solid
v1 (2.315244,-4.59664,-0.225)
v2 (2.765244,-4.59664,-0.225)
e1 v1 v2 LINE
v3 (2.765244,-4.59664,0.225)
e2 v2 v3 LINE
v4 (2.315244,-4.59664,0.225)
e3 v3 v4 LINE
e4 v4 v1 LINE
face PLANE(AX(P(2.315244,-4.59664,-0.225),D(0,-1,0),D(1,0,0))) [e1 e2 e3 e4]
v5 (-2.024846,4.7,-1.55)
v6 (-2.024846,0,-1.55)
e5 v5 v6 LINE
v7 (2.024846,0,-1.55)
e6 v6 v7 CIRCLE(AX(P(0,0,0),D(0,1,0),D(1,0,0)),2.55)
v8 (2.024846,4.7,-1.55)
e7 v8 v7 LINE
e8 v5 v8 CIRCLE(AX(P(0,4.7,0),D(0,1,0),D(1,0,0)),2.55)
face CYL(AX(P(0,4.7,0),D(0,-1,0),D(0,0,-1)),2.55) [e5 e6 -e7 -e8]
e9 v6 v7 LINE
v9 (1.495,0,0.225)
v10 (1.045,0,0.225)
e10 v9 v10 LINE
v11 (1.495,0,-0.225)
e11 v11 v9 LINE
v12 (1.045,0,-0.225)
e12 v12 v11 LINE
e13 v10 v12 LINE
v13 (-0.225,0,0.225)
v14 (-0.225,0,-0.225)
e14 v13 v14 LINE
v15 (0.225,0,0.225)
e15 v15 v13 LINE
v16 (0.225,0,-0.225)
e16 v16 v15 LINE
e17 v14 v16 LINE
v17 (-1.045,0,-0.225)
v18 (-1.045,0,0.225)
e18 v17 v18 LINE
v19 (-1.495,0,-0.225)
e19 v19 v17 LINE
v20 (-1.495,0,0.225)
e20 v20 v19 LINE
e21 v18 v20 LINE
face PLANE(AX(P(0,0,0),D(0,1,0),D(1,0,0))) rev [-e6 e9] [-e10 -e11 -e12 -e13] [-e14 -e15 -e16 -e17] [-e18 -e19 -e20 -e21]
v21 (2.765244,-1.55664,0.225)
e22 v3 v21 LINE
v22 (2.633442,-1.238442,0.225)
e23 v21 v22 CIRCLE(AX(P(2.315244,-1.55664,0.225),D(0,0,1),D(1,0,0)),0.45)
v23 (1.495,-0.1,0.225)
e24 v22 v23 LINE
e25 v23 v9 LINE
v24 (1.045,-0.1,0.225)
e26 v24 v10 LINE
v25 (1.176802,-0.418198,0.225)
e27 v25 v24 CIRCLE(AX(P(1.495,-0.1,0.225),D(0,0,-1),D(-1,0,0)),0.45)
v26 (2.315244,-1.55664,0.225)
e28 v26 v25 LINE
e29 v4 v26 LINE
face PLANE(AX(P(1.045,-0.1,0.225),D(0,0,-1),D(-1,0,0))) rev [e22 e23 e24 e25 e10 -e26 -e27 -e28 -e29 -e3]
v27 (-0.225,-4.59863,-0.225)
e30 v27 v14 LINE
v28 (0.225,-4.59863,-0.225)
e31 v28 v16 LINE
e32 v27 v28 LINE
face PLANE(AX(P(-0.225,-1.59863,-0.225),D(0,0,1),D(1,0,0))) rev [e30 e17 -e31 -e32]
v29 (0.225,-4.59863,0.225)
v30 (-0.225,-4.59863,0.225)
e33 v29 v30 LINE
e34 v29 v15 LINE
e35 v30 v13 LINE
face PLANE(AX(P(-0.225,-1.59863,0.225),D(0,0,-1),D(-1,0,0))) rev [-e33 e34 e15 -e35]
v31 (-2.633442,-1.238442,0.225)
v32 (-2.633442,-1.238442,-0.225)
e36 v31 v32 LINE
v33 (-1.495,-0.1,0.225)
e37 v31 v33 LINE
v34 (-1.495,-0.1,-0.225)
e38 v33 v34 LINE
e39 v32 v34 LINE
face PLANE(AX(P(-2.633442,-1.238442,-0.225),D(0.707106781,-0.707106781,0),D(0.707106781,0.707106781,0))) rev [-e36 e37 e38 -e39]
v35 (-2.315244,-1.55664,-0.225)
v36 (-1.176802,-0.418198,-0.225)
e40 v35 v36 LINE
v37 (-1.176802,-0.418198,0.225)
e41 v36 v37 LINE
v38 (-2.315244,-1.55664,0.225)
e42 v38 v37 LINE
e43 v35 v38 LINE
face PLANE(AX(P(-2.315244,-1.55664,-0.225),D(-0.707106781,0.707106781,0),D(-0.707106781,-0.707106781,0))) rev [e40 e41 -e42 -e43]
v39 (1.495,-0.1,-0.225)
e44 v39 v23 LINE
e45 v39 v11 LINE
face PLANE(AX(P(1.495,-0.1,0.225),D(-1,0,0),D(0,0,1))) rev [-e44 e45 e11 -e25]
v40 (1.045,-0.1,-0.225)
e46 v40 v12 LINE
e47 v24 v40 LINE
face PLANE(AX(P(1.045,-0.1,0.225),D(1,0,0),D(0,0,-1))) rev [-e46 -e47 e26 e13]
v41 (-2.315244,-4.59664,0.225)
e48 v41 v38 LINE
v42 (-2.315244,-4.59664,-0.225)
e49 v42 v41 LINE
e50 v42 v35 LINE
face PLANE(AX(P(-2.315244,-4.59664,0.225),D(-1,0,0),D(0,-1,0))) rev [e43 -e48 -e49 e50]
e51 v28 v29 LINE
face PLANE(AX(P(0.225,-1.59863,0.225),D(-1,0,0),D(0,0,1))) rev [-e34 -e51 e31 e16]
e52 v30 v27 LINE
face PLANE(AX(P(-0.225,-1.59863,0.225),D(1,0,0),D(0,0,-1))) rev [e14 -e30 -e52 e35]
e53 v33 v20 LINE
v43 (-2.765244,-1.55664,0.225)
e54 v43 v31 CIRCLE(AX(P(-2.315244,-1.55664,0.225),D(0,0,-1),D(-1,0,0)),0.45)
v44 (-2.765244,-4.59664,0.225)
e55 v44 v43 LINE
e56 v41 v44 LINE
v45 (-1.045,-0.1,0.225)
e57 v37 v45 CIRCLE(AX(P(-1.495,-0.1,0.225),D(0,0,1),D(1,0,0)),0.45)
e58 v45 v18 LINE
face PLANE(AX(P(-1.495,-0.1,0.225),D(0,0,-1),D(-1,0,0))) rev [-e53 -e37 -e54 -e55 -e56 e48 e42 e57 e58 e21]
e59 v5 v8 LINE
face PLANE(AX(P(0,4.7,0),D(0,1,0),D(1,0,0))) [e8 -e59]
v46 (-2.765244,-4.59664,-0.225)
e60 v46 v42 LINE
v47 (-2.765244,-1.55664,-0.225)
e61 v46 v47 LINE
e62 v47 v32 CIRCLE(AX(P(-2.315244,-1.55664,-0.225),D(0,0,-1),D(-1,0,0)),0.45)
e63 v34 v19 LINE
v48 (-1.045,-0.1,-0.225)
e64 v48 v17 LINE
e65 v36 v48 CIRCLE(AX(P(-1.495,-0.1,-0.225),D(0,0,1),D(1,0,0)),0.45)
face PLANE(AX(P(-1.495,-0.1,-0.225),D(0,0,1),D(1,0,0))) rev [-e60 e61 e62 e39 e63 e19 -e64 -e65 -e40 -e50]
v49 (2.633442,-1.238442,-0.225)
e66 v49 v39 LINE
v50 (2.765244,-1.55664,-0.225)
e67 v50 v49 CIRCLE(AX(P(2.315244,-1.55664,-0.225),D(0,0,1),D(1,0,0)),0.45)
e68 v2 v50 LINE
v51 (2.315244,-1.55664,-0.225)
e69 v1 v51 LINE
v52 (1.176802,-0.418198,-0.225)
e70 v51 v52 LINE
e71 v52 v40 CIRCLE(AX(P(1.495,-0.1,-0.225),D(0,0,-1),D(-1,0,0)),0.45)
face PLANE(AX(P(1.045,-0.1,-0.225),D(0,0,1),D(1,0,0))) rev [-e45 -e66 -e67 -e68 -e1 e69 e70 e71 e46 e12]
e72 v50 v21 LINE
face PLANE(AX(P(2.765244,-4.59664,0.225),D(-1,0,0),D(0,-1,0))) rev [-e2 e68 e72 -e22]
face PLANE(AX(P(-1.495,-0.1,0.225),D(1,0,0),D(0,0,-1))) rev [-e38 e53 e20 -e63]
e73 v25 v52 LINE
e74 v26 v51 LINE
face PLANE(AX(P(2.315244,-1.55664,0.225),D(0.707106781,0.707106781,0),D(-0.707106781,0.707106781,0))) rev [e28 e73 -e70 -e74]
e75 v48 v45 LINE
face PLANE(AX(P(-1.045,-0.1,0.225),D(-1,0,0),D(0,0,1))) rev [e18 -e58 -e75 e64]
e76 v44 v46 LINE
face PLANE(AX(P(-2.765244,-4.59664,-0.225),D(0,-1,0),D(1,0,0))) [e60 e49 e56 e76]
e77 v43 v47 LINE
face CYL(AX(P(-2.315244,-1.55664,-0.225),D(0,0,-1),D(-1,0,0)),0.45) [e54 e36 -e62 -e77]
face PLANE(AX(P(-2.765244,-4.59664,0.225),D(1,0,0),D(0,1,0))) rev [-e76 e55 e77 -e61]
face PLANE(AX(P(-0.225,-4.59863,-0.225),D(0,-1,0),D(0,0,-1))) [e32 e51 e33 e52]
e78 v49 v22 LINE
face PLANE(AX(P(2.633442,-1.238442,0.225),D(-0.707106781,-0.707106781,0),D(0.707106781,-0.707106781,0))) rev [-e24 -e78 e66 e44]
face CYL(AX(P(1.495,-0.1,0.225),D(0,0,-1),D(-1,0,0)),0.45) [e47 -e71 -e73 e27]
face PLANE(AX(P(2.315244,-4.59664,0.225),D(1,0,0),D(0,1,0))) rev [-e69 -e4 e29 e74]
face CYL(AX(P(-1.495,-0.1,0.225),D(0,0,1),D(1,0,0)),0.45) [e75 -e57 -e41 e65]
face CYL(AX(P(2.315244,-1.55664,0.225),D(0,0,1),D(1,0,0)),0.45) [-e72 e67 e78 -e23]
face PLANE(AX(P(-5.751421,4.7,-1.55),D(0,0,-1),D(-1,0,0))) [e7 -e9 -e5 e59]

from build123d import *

# Parameters (mm, degrees)
SKETCH3_R       = 2.55
EXTRUDE2_DEPTH  = 4.7
EXTRUDE3_DEPTH  = 6.924103308
SKETCH13_W      = 0.45
SKETCH13_H      = 0.45
EXTRUDE8_DEPTH  = 0.1
SKETCH12_W      = 0.45
SKETCH12_H      = 0.45
EXTRUDE9_DEPTH  = 0.1
SKETCH11_W      = 0.45
SKETCH11_H      = 0.45
EXTRUDE10_DEPTH = 1.598630162
SKETCH32_W      = 0.45
SKETCH32_H      = 0.45
REVOLVE4_ANGLE  = 45
SKETCH34_W      = 0.45
SKETCH34_H      = 0.45
EXTRUDE12_DEPTH = 1.61
SKETCH36_W      = 0.45
SKETCH36_H      = 0.45
REVOLVE5_ANGLE  = 45
SKETCH37_W      = 0.45
SKETCH37_H      = 0.45
EXTRUDE13_DEPTH = 3.04
SKETCH38_W      = 0.45
SKETCH38_H      = 0.45
REVOLVE6_ANGLE  = 45
SKETCH39_W      = 0.45
SKETCH39_H      = 0.45
EXTRUDE14_DEPTH = 1.61
SKETCH40_W      = 0.45
SKETCH40_H      = 0.45
REVOLVE7_ANGLE  = 45
SKETCH41_W      = 0.45
SKETCH41_H      = 0.45
EXTRUDE15_DEPTH = 3.04
SKETCH42_W      = 0.45
SKETCH42_H      = 0.45
EXTRUDE16_DEPTH = 3


with BuildPart() as part:
    # Sketch3 → Extrude2 (new body)
    with BuildSketch(Plane(origin=(0, 0, 0), x_dir=(1, 0, 0), z_dir=(0, 1, 0))):
        Circle(SKETCH3_R)
    extrude(amount=EXTRUDE2_DEPTH)

    # Sketch3<3> → Extrude3 (cut, through all)
    with BuildSketch(Plane(origin=(0, 0, 0), x_dir=(1, 0, 0), z_dir=(0, 1, 0))):
        with BuildLine():
            ThreePointArc((2.024845673, 1.55), (0, 2.55), (-2.024845673, 1.55))
            Line((-2.024845673, 1.55), (2.024845673, 1.55))
        make_face()
    extrude(amount=EXTRUDE3_DEPTH, mode=Mode.SUBTRACT)

    # Sketch13 → Extrude8 (add)
    with BuildSketch(Plane.XZ):
        with Locations((1.27, 0)):
            Rectangle(SKETCH13_W, SKETCH13_H)
    extrude(amount=EXTRUDE8_DEPTH)

    # Sketch12 → Extrude9 (add)
    with BuildSketch(Plane.XZ):
        with Locations((-1.27, 0)):
            Rectangle(SKETCH12_W, SKETCH12_H)
    extrude(amount=EXTRUDE9_DEPTH)

    # Sketch11 → Extrude10 (add)
    with BuildSketch(Plane.XZ):
        Rectangle(SKETCH11_W, SKETCH11_H)
    extrude(amount=EXTRUDE10_DEPTH)

    # Sketch32 → Revolve4 (revolve)
    with BuildSketch(Plane.XZ.offset(0.1)):
        with Locations((-1.27, 0)):
            Rectangle(SKETCH32_W, SKETCH32_H)
    revolve(axis=Axis((-1.495, -0.1, 0.225), (0, 0, -1)), revolution_arc=REVOLVE4_ANGLE)

    # Sketch34 → Extrude12 (add)
    with BuildSketch(Plane(origin=(-0.7975, -0.7975, 0), x_dir=(0, 0, 1), z_dir=(-0.7071067811865488, -0.7071067811865462, 0))):
        with Locations((0, 0.76141396)):
            Rectangle(SKETCH34_W, SKETCH34_H)
    extrude(amount=EXTRUDE12_DEPTH)

    # Sketch36 → Revolve5 (revolve)
    with BuildSketch(Plane(origin=(-1.935941918, -1.935941918, 0), x_dir=(0, 0, 1), z_dir=(-0.7071067811865487, -0.7071067811865464, 0))):
        with Locations((0, 0.76141396)):
            Rectangle(SKETCH36_W, SKETCH36_H)
    revolve(axis=Axis((-2.315243866, -1.556639969, -0.225), (0, 0, 1)), revolution_arc=REVOLVE5_ANGLE)

    # Sketch37 → Extrude13 (add)
    with BuildSketch(Plane.XZ.offset(1.556639969)):
        with Locations((-2.540243866, 0)):
            Rectangle(SKETCH37_W, SKETCH37_H)
    extrude(amount=EXTRUDE13_DEPTH)

    # Sketch38 → Revolve6 (revolve)
    with BuildSketch(Plane.XZ.offset(0.1)):
        with Locations((1.27, 0)):
            Rectangle(SKETCH38_W, SKETCH38_H)
    revolve(axis=Axis((1.495, -0.1, 0.225), (0, 0, 1)), revolution_arc=REVOLVE6_ANGLE)

    # Sketch39 → Extrude14 (add)
    with BuildSketch(Plane(origin=(0.7975, -0.7975, 0), x_dir=(0, 0, -1), z_dir=(0.7071067811865488, -0.7071067811865462, 0))):
        with Locations((0, 0.76141396)):
            Rectangle(SKETCH39_W, SKETCH39_H)
    extrude(amount=EXTRUDE14_DEPTH)

    # Sketch40 → Revolve7 (revolve)
    with BuildSketch(Plane(origin=(1.935941918, -1.935941918, 0), x_dir=(0, 0, -1), z_dir=(0.7071067811865488, -0.7071067811865464, 0))):
        with Locations((0, 0.76141396)):
            Rectangle(SKETCH40_W, SKETCH40_H)
    revolve(axis=Axis((2.315243866, -1.556639969, 0.225), (0, 0, -1)), revolution_arc=REVOLVE7_ANGLE)

    # Sketch41 → Extrude15 (add)
    with BuildSketch(Plane.XZ.offset(1.556639969)):
        with Locations((2.540243866, 0)):
            Rectangle(SKETCH41_W, SKETCH41_H)
    extrude(amount=EXTRUDE15_DEPTH)

    # Sketch42 → Extrude16 (add)
    with BuildSketch(Plane.XZ.offset(1.598630162)):
        Rectangle(SKETCH42_W, SKETCH42_H)
    extrude(amount=EXTRUDE16_DEPTH)


solid = part.part
